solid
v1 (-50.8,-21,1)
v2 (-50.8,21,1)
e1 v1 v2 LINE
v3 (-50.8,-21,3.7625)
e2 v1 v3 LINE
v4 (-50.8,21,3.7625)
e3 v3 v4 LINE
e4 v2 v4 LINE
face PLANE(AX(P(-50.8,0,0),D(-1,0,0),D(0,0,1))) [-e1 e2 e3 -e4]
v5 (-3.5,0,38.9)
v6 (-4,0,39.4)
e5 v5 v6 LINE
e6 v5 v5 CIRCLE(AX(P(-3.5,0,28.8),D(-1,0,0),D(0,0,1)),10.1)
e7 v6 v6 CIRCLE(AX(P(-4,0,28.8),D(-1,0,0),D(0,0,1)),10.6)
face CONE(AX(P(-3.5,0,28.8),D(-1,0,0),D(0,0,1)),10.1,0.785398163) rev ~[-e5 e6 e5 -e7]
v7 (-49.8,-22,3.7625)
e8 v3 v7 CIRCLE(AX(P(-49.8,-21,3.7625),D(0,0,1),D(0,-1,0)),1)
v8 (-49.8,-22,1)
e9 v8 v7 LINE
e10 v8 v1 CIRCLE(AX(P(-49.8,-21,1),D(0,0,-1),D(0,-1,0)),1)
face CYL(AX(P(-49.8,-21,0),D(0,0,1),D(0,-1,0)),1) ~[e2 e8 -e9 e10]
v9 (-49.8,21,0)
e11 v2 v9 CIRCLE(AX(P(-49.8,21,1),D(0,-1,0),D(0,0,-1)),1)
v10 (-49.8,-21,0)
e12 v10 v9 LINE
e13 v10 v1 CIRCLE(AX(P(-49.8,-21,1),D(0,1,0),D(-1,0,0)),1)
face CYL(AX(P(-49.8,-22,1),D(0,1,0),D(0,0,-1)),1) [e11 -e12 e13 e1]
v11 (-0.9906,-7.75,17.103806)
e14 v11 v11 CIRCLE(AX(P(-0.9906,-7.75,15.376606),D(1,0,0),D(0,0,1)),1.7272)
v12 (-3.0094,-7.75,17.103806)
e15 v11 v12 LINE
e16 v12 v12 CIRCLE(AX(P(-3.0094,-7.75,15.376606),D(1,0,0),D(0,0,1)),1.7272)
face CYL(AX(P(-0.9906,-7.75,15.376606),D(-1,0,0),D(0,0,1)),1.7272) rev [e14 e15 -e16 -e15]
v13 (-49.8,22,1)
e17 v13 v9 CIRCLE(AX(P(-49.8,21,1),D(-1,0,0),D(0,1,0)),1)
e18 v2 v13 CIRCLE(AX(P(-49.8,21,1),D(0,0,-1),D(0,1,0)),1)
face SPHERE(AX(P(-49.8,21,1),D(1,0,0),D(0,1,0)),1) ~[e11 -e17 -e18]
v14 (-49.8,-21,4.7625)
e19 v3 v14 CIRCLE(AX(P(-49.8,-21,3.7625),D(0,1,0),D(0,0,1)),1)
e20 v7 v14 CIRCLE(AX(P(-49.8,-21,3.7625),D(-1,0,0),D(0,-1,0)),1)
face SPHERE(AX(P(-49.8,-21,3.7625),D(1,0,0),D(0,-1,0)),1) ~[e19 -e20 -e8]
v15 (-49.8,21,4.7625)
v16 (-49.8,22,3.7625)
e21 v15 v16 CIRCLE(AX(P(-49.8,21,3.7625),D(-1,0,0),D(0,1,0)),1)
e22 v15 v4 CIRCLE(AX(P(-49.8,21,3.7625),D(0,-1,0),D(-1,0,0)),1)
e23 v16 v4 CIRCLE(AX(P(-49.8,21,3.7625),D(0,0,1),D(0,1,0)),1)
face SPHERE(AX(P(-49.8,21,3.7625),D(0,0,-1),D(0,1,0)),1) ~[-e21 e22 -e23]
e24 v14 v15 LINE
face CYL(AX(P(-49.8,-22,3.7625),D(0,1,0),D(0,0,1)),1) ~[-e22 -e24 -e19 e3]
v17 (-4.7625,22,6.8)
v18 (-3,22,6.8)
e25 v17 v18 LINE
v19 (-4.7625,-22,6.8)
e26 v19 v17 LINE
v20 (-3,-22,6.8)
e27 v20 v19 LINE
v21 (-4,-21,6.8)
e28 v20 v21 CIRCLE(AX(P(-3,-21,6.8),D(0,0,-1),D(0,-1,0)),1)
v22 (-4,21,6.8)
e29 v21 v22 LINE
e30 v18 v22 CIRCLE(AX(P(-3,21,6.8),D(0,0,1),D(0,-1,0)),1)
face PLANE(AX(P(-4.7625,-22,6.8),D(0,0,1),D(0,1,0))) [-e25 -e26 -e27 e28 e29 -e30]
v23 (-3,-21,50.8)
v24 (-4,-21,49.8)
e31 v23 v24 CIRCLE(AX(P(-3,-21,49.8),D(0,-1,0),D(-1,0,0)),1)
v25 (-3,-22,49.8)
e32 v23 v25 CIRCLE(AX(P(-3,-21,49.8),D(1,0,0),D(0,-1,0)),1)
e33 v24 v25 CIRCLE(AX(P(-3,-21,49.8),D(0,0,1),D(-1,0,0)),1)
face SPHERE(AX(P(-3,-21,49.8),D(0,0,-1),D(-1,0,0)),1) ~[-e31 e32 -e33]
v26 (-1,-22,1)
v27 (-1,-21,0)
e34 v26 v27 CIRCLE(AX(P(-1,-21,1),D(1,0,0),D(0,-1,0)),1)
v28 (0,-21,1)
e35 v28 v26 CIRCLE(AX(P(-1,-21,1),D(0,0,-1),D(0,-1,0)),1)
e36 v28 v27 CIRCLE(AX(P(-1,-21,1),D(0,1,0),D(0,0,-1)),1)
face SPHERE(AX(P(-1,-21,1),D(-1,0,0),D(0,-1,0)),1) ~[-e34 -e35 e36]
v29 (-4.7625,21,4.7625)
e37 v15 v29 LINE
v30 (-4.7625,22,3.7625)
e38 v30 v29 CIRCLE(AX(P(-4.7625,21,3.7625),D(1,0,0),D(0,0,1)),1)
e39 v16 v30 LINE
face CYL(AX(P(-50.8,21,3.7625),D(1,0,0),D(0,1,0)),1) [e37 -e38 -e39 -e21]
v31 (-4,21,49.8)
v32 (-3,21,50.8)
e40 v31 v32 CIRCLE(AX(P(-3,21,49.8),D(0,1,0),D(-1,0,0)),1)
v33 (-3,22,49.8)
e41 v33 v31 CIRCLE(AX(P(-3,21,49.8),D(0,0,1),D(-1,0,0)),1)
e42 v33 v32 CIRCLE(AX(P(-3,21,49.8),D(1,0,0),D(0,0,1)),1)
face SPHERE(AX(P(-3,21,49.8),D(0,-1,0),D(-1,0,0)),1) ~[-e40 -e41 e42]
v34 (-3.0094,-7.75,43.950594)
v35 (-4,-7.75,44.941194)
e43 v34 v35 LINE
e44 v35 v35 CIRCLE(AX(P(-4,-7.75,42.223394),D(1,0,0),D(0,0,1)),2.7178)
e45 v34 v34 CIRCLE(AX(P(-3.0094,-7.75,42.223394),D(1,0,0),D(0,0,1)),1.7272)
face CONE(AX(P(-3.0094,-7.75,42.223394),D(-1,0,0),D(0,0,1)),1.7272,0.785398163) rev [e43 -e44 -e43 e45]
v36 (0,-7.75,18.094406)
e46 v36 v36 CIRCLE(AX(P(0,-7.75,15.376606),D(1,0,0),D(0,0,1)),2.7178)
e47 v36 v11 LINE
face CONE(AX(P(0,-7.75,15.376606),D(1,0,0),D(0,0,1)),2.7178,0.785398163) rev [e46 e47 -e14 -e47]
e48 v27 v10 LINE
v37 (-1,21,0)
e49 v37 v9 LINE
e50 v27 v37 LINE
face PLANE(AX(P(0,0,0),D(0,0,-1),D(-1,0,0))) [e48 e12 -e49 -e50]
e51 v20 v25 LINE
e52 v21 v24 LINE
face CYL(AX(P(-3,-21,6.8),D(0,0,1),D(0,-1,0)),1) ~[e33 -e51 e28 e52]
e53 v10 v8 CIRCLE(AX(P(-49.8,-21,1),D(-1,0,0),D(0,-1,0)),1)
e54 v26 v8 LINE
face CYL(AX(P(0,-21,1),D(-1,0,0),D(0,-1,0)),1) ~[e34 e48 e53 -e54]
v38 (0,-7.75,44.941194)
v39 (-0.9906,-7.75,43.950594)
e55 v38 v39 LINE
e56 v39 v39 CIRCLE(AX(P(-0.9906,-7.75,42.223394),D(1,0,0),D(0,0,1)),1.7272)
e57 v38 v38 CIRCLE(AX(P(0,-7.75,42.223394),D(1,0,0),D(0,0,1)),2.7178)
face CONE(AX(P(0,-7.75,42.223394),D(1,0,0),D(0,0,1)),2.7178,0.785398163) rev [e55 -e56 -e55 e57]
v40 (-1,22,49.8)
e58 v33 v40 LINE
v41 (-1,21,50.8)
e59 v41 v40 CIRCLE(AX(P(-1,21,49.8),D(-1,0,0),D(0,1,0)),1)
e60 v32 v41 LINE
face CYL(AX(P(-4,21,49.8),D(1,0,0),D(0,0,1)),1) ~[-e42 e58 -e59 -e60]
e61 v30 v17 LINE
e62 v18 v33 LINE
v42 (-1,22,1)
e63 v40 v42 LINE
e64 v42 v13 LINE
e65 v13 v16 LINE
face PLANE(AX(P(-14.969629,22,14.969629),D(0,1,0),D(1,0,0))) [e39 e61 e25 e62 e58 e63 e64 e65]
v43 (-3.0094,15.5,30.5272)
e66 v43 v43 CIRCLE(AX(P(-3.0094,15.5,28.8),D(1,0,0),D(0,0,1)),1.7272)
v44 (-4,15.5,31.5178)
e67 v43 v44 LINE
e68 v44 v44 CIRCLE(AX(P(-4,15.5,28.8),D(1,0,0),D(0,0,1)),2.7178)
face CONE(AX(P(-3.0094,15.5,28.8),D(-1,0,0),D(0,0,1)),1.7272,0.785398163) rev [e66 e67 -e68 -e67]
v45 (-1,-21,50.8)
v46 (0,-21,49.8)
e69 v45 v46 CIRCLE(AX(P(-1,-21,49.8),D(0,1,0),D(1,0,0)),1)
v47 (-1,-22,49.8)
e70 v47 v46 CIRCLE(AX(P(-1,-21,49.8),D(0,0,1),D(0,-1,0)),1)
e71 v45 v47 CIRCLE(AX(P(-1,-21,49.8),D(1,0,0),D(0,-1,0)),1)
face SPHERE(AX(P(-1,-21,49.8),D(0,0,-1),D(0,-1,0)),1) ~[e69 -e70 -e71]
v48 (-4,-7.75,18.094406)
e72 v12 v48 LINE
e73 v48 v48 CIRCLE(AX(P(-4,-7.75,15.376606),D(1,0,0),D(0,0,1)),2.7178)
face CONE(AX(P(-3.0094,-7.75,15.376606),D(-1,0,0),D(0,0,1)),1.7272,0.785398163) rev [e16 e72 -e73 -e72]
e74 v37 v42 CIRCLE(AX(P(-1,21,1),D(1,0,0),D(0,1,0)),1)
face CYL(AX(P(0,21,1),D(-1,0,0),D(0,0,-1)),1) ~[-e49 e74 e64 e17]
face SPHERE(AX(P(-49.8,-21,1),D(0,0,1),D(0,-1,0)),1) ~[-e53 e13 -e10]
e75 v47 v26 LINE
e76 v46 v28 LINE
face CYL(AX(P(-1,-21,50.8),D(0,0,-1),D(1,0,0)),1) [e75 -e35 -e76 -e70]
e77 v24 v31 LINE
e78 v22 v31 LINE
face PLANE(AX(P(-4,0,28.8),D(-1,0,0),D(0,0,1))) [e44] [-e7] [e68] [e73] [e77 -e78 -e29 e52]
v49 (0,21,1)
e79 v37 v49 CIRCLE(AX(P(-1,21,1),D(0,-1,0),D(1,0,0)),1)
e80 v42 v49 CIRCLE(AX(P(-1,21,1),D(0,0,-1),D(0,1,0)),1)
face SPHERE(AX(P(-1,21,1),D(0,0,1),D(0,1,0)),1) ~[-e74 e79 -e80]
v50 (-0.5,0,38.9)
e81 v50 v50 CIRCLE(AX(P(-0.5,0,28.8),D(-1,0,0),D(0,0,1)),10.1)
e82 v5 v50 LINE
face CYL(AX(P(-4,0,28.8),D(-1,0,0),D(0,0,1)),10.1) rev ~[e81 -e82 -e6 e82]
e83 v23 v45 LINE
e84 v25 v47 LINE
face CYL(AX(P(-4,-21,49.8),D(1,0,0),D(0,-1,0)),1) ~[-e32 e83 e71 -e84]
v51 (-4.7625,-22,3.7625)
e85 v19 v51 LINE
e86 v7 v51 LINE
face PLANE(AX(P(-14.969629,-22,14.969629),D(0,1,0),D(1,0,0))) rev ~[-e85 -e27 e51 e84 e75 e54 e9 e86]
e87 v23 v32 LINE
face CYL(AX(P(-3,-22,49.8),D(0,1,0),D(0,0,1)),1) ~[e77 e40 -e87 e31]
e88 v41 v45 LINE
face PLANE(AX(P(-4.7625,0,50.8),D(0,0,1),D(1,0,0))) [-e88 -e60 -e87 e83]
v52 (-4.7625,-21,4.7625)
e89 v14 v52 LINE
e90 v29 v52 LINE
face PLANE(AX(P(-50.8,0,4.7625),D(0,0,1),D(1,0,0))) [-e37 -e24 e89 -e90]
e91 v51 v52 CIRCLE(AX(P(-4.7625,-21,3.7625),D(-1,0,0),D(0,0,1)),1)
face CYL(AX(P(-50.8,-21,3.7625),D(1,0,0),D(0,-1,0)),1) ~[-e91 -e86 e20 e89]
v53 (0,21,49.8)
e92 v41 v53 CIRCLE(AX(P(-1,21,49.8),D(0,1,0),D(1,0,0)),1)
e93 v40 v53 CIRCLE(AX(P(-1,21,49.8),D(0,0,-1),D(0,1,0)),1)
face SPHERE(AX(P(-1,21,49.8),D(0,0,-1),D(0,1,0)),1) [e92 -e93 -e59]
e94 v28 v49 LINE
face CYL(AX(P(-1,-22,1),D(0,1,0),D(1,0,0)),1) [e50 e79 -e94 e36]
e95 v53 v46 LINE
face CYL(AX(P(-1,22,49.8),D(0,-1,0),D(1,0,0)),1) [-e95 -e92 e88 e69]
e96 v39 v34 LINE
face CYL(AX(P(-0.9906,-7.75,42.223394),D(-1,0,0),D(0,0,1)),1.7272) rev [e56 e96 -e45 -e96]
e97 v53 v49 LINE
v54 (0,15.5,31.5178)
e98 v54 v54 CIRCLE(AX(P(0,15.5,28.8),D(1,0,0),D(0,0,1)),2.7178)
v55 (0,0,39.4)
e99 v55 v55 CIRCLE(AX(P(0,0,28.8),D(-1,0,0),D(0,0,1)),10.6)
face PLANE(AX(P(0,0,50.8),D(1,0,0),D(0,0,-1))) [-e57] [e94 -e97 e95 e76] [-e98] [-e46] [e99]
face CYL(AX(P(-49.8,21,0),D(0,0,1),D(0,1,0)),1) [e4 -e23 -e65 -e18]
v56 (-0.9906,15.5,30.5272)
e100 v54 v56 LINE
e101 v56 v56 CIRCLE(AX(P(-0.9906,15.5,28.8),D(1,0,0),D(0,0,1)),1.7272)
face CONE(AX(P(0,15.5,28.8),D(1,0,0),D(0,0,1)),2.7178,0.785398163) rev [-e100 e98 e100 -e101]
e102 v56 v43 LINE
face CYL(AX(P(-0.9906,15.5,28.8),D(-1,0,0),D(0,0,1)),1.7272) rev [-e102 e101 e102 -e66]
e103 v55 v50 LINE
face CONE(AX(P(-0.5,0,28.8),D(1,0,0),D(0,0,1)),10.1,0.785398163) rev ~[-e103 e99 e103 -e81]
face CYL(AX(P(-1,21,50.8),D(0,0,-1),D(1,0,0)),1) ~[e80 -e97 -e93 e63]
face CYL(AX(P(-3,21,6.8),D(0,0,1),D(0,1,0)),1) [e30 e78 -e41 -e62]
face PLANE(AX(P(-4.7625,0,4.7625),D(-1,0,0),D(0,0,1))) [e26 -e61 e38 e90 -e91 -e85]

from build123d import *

# Parameters (mm, degrees)
EXTRUDE_THIN2_DEPTH            = 22
SKETCH3_W                      = 44
SKETCH3_H                      = 44
CUT_EXTRUDE1_DEPTH             = 0.7625
SKETCH4_R                      = 10.1
CUT_EXTRUDE2_DEPTH             = 5
F_8_32_TAPPED_HOLE1_AT_2_COUNT = 2
F_8_32_TAPPED_HOLE1_AT_2_PITCH = 26.846787517
F_8_32_TAPPED_HOLE1_AT_3_COUNT = 2
F_8_32_TAPPED_HOLE1_AT_3_PITCH = 26.846787517
CHAMFER2_SIZE                  = 0.5
FILLET1_R                      = 1


with BuildPart() as part:
    # Sketch2 → Extrude-Thin2 (new body, symmetric)
    with BuildSketch(Plane(origin=(0, 0, 0), x_dir=(1, 0, 0), z_dir=(0, 1, 0))):
        Polygon((0, -50.8), (0, 0), (-50.8, 0), (-50.8, -4.7625), (-4.7625, -4.7625), (-4.7625, -50.8), align=None)
    extrude(amount=EXTRUDE_THIN2_DEPTH, both=True)

    # Sketch3 → Cut-Extrude1 (cut)
    with BuildSketch(Plane.ZY.offset(4.7625)):
        with Locations((28.8, 0)):
            Rectangle(SKETCH3_W, SKETCH3_H)
    extrude(amount=-CUT_EXTRUDE1_DEPTH, mode=Mode.SUBTRACT)

    # Sketch4 → Cut-Extrude2 (cut, through all)
    with BuildSketch(Plane.ZY.offset(4)):
        with Locations((28.8, 0)):
            Circle(SKETCH4_R)
    extrude(amount=-CUT_EXTRUDE2_DEPTH, mode=Mode.SUBTRACT)

    # Sketch6 → #8-32 Tapped Hole1 (revolve, cut)
    with BuildSketch(Plane(origin=(-4, 15.5, 28.8), x_dir=(0, 0, 1), z_dir=(0, 1, 0))):
        Polygon((0, 0), (0, 4), (2.7178, 4), (1.7272, 3.0094), (1.7272, 0.9906), (2.7178, 0), align=None)
    f_8_32_tapped_hole1 = revolve(axis=Axis((-10.35, 15.5, 28.8), (1, 0, 0)), mode=Mode.SUBTRACT)

    # #8-32 Tapped Hole1 at 2: #8-32 Tapped Hole1 ×2
    with Locations(*[Vector(0, -0.866025404, 0.5) * (i * F_8_32_TAPPED_HOLE1_AT_2_PITCH) for i in range(1, F_8_32_TAPPED_HOLE1_AT_2_COUNT)]):
        add(f_8_32_tapped_hole1, mode=Mode.SUBTRACT)

    # #8-32 Tapped Hole1 at 3: #8-32 Tapped Hole1 ×2
    with Locations(*[Vector(0, -0.866025404, -0.5) * (i * F_8_32_TAPPED_HOLE1_AT_3_PITCH) for i in range(1, F_8_32_TAPPED_HOLE1_AT_3_COUNT)]):
        add(f_8_32_tapped_hole1, mode=Mode.SUBTRACT)

    # Chamfer2
    chamfer2_edges = [part.edges().sort_by_distance(p)[0] for p in [
        (0, 0, 18.7),
        (-4, 0, 18.7),
    ]]
    chamfer(chamfer2_edges, length=CHAMFER2_SIZE)

    # Fillet1
    fillet1_edges = [part.edges().sort_by_distance(p)[0] for p in [
        (0, 22, 25.4),
        (-25.4, 22, 0),
        (-50.8, 22, 2.38125),
        (-27.78125, 22, 4.7625),
        (-4, -22, 28.8),
        (-4, 0, 50.8),
        (-4, 22, 28.8),
        (-27.78125, -22, 4.7625),
        (-50.8, -22, 2.38125),
        (-25.4, -22, 0),
        (0, -22, 25.4),
        (-2, -22, 50.8),
        (-2, 22, 50.8),
        (-50.8, 0, 4.7625),
        (-50.8, 0, 0),
        (0, 0, 0),
        (0, 0, 50.8),
    ]]
    fillet(fillet1_edges, radius=FILLET1_R)


solid = part.part
